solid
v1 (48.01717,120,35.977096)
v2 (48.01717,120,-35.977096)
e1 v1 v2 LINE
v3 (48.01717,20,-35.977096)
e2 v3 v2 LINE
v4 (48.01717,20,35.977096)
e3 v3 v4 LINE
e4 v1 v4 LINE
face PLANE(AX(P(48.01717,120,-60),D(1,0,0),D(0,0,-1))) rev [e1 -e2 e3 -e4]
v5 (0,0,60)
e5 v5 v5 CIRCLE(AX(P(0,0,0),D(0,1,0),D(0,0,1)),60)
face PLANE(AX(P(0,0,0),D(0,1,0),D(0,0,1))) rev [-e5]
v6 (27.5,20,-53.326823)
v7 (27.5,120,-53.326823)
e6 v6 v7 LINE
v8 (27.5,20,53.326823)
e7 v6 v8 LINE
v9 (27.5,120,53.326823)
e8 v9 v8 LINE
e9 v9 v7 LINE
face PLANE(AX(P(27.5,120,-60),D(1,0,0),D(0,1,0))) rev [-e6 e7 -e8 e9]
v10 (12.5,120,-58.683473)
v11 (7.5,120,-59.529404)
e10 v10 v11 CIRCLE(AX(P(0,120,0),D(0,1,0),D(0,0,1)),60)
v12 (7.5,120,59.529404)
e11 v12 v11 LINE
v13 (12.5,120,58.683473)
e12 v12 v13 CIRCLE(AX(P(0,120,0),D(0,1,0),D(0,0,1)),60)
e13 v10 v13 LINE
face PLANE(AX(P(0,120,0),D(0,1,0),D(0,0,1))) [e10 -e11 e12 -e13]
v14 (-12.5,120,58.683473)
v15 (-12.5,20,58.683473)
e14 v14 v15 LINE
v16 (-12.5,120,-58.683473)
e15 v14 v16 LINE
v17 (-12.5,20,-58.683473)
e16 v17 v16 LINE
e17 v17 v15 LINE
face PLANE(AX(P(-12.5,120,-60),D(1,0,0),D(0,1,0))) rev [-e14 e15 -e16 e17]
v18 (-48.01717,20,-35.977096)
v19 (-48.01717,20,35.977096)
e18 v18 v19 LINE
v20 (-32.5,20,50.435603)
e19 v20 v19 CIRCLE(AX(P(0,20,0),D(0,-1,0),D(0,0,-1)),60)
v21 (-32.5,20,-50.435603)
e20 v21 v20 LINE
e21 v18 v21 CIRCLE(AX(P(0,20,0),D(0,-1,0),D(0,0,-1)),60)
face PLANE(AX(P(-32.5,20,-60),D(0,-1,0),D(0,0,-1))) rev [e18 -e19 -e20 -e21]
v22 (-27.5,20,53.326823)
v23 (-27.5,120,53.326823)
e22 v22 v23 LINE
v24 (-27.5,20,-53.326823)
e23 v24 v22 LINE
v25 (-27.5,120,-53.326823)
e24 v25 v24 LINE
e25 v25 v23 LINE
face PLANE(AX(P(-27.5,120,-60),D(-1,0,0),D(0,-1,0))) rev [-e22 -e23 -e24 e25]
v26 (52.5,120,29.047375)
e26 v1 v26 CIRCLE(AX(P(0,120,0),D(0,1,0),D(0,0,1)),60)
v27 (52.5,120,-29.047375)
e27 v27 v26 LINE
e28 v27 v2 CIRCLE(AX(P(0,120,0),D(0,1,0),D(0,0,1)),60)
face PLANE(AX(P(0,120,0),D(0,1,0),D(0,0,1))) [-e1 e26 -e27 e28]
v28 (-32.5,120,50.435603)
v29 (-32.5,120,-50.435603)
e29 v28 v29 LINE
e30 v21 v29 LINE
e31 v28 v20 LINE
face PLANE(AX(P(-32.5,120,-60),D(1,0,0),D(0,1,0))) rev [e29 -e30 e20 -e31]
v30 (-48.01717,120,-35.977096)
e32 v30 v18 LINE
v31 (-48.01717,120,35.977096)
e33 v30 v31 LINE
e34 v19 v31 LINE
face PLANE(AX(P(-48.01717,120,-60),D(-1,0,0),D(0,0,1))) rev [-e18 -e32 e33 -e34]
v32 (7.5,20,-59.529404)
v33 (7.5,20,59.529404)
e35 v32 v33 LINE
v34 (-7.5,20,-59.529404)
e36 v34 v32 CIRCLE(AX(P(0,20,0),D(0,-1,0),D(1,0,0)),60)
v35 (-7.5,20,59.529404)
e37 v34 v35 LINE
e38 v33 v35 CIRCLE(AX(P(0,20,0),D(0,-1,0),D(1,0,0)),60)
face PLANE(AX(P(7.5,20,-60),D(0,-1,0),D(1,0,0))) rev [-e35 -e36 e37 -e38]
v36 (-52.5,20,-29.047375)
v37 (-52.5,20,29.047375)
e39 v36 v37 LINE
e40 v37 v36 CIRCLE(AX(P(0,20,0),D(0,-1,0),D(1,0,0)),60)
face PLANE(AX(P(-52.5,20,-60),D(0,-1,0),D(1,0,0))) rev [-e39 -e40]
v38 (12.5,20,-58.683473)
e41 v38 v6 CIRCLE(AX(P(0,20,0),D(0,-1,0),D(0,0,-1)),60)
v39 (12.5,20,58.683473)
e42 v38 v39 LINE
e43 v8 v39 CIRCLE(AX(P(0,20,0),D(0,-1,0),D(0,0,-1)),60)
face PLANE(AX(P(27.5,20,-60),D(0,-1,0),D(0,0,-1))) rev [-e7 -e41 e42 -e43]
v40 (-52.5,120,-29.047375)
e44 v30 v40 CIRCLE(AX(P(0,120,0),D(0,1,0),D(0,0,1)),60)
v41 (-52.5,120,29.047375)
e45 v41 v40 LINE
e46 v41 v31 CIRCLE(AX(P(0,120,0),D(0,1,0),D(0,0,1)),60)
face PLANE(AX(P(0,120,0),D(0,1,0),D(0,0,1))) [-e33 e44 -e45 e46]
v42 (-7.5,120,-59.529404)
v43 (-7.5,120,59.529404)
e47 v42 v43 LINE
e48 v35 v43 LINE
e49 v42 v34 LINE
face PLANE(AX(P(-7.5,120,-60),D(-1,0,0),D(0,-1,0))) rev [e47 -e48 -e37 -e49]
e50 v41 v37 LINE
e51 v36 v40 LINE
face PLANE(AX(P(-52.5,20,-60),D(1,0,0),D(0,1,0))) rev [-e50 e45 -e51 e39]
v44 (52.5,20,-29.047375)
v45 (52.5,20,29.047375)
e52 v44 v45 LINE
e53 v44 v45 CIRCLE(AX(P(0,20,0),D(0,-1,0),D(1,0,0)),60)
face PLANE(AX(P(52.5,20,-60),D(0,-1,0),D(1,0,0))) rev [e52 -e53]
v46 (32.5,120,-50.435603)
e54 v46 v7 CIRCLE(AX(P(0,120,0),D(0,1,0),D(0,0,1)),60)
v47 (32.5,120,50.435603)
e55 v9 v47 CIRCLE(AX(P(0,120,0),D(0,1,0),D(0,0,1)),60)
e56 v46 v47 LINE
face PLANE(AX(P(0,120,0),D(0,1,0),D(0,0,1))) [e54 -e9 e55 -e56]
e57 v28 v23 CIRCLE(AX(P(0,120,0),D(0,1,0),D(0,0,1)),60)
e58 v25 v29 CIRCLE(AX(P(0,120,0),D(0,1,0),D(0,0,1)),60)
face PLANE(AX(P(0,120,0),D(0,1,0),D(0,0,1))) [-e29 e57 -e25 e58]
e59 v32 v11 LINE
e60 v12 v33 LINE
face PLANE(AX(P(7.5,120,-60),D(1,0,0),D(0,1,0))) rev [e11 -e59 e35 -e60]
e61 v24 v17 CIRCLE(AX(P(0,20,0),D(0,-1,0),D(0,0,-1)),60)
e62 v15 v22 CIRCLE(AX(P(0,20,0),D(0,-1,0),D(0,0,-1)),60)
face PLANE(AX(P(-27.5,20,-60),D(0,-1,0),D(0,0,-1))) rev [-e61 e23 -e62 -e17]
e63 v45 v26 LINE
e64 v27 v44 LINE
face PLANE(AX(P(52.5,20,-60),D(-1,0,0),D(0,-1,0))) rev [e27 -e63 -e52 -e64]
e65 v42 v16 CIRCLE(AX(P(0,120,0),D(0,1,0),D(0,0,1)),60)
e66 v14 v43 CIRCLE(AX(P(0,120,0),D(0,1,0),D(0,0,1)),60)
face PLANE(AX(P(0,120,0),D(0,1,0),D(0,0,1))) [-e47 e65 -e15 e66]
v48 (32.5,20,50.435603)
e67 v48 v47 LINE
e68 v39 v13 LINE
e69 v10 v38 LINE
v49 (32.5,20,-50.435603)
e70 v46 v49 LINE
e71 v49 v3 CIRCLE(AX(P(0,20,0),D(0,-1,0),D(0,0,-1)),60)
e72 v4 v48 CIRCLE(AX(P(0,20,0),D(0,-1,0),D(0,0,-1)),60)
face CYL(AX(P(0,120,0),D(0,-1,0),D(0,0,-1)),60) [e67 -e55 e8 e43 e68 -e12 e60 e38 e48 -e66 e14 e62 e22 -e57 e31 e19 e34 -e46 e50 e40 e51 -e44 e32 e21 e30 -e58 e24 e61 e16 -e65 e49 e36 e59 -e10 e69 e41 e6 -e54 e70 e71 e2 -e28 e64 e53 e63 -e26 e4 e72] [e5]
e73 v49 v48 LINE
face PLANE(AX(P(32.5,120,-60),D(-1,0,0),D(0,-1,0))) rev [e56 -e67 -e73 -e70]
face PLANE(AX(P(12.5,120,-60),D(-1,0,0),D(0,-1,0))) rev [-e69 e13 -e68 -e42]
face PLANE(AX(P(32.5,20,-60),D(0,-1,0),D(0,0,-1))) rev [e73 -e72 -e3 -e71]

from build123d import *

# Parameters (mm, degrees)
SKETCH2_R           = 60
BOSS_EXTRUDE1_DEPTH = 120
SKETCH4_W           = 7.5
SKETCH4_H           = 100
SKETCH4_W_2         = 15.517169794
SKETCH4_W_3         = 15
CUT_EXTRUDE1_DEPTH  = 60


with BuildPart() as part:
    # Sketch2 → Boss-Extrude1 (new body)
    with BuildSketch(Plane(origin=(0, 0, 0), x_dir=(1, 0, 0), z_dir=(0, 1, 0))):
        with Locations(Location((0, 0, 0), (0, 0, 270))):
            Circle(SKETCH2_R)
    extrude(amount=BOSS_EXTRUDE1_DEPTH)

    # Sketch4 → Cut-Extrude1 (cut, symmetric)
    with BuildSketch(Plane.XY):
        with Locations((-56.25, 70)):
            Rectangle(SKETCH4_W, SKETCH4_H)
        with Locations((-40.258584897, 70)):
            Rectangle(SKETCH4_W_2, SKETCH4_H)
        with Locations((-20, 70)):
            Rectangle(SKETCH4_W_3, SKETCH4_H)
        with Locations((0, 70)):
            Rectangle(SKETCH4_W_3, SKETCH4_H)
        with Locations((20, 70)):
            Rectangle(SKETCH4_W_3, SKETCH4_H)
        with Locations((40.258584897, 70)):
            Rectangle(SKETCH4_W_2, SKETCH4_H)
        with Locations((56.25, 70)):
            Rectangle(SKETCH4_W, SKETCH4_H)
    extrude(amount=CUT_EXTRUDE1_DEPTH, both=True, mode=Mode.SUBTRACT)


solid = part.part
